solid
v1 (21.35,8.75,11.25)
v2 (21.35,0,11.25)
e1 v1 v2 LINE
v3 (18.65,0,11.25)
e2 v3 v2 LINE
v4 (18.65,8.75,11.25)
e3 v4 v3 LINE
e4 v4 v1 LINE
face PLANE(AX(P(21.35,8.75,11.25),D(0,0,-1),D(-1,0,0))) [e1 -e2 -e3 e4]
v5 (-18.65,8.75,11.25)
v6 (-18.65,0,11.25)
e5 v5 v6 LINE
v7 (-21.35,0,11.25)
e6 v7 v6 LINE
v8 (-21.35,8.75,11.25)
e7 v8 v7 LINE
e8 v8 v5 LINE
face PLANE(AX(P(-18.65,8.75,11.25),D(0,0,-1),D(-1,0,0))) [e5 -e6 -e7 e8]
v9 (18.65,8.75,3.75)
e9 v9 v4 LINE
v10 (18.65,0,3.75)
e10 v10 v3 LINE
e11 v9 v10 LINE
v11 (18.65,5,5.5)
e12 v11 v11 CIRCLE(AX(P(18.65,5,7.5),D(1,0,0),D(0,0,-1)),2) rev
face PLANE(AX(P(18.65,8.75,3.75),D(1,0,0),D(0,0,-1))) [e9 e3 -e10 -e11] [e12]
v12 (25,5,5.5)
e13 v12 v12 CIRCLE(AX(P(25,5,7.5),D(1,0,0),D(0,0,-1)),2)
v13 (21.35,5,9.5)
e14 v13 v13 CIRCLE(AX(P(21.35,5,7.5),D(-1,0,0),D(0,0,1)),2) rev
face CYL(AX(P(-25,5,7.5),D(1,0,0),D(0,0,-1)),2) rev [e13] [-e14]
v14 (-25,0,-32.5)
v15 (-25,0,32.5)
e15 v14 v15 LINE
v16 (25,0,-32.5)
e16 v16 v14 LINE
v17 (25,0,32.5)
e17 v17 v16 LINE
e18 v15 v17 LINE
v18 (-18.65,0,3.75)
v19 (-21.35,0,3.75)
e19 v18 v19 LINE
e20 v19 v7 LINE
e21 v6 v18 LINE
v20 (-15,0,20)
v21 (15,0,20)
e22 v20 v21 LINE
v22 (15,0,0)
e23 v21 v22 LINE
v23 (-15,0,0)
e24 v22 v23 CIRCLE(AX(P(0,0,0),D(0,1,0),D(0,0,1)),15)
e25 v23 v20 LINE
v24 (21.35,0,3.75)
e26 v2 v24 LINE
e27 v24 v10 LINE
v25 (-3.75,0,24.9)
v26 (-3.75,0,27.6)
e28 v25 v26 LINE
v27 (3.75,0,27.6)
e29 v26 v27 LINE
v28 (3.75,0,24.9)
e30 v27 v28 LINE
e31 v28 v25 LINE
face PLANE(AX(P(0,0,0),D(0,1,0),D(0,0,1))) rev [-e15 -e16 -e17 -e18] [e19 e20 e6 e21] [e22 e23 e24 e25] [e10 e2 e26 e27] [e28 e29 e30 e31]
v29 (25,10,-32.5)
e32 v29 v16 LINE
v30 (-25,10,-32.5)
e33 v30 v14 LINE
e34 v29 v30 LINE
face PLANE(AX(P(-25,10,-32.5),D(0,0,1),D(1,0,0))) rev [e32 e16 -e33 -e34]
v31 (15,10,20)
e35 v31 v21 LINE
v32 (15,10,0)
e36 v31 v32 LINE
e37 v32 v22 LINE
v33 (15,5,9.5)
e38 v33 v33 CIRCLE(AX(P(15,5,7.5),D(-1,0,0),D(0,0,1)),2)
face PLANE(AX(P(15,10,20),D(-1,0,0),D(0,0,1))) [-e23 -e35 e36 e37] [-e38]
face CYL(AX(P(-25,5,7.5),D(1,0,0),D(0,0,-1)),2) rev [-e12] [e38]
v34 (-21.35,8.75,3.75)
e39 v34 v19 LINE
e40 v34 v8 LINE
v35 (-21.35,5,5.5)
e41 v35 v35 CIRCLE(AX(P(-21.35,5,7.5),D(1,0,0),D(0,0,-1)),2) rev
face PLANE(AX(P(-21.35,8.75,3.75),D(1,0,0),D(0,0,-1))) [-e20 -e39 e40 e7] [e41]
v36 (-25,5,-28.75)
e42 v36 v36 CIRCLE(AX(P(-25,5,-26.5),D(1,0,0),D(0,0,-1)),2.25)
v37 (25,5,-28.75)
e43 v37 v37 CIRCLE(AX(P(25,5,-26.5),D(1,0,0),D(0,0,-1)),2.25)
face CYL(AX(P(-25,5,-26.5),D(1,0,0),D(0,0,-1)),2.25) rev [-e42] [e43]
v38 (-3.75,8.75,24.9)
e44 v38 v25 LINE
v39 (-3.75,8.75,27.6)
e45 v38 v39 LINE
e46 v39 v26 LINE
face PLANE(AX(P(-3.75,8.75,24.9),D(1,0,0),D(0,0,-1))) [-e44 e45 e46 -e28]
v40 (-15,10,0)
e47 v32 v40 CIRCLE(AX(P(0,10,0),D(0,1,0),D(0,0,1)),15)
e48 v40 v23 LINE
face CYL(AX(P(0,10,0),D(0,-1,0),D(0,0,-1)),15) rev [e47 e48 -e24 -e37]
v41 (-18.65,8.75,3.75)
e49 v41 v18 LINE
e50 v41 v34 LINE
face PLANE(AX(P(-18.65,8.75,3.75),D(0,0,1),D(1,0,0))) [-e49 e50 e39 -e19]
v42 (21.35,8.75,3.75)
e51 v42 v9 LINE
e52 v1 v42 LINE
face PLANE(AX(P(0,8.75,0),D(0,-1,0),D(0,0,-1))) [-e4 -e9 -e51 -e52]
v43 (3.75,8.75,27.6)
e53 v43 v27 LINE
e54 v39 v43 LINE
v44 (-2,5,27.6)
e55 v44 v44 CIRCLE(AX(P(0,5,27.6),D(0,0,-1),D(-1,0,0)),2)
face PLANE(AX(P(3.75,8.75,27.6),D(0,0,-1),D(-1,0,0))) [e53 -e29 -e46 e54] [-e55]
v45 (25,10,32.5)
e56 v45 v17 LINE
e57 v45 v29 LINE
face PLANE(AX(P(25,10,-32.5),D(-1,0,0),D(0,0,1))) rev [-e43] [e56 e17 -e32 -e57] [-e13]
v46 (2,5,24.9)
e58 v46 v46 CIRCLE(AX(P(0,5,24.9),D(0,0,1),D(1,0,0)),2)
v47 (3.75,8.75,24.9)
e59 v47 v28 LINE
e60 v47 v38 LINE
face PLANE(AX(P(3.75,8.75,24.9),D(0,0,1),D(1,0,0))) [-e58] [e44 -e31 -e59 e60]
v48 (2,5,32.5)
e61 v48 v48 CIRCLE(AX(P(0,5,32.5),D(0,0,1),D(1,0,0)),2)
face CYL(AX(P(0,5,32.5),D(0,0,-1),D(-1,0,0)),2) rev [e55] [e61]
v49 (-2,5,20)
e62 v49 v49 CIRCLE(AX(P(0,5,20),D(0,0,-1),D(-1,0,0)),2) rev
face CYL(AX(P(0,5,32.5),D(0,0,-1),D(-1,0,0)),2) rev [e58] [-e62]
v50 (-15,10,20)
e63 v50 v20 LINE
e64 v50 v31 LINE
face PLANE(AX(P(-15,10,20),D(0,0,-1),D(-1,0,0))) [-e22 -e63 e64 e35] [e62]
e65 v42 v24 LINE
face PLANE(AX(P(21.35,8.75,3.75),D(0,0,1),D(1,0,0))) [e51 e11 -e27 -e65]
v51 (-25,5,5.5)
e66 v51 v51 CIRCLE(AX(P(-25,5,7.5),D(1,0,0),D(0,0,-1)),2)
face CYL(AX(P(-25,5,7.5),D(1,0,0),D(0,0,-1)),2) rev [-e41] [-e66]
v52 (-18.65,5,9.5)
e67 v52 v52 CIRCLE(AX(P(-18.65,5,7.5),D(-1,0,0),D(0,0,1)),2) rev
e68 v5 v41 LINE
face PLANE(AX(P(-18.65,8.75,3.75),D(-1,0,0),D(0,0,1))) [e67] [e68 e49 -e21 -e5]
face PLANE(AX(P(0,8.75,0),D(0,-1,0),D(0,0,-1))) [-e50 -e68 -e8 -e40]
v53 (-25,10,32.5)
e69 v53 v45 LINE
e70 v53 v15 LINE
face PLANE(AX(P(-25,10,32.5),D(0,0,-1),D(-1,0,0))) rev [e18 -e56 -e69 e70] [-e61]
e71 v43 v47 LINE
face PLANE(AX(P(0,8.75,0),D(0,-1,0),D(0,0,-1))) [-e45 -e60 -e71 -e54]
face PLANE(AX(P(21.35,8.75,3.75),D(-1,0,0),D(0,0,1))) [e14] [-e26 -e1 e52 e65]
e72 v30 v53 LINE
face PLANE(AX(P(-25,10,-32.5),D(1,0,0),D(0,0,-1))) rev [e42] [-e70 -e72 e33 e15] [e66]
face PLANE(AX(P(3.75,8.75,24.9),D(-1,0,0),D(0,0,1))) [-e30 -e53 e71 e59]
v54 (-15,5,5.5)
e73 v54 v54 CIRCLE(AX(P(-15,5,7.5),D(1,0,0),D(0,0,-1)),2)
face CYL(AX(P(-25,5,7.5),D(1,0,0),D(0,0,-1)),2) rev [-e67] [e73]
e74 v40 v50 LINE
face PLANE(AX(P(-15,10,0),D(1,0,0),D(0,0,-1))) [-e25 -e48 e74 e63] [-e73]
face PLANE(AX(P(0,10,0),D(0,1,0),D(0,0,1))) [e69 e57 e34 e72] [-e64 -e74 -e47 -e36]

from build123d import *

# Parameters (mm, degrees)
SKETCH1_W               = 50
SKETCH1_H               = 65
BOSS_EXTRUDE1_DEPTH     = 10
CUT_EXTRUDE1_DEPTH      = 43.20485754
CUT_EXTRUDE1_DEPTH_BACK = 43.20485754
SKETCH6_R               = 2
SKETCH6_R_2             = 2.25
SKETCH7_R               = 2
CUT_EXTRUDE2_DEPTH      = 43.20485754
SKETCH8_W               = 2.7
SKETCH8_H               = 7.5
SKETCH8_W_2             = 7.5
SKETCH8_H_2             = 2.7
CUT_EXTRUDE3_DEPTH      = 8.75


with BuildPart() as part:
    # Sketch1 → Boss-Extrude1 (new body)
    with BuildSketch(Plane(origin=(0, 0, 0), x_dir=(1, 0, 0), z_dir=(0, 1, 0))):
        Rectangle(SKETCH1_W, SKETCH1_H)
        with BuildLine():
            Line((-15, 0), (-15, -20))
            Line((-15, -20), (15, -20))
            Line((15, -20), (15, 0))
            ThreePointArc((15, 0), (0, 15), (-15, 0))
        make_face(mode=Mode.SUBTRACT)
    extrude(amount=BOSS_EXTRUDE1_DEPTH)

    # Sketch6 → Cut-Extrude1 (cut, two sides: drawn at the far end of the back side and taken through both)
    with BuildSketch(Plane(origin=(0, 0, 0), x_dir=(0, 0, -1), z_dir=(1, 0, 0)).offset(-CUT_EXTRUDE1_DEPTH_BACK)):
        with Locations((-7.5, 5)):
            Circle(SKETCH6_R)
        with Locations((26.5, 5)):
            Circle(SKETCH6_R_2)
    extrude(amount=CUT_EXTRUDE1_DEPTH + CUT_EXTRUDE1_DEPTH_BACK, mode=Mode.SUBTRACT)

    # Sketch7 → Cut-Extrude2 (cut, through all)
    with BuildSketch(Plane.XY):
        with Locations(Location((0, 5, 0), (0, 0, 180))):
            Circle(SKETCH7_R)
    extrude(amount=CUT_EXTRUDE2_DEPTH, mode=Mode.SUBTRACT)

    # Sketch8 → Cut-Extrude3 (cut)
    with BuildSketch(Plane(origin=(0, 0, 0), x_dir=(1, 0, 0), z_dir=(0, 1, 0))):
        with Locations((20, -7.5)):
            Rectangle(SKETCH8_W, SKETCH8_H)
        with Locations((-20, -7.5)):
            Rectangle(SKETCH8_W, SKETCH8_H)
        with Locations((0, -26.25)):
            Rectangle(SKETCH8_W_2, SKETCH8_H_2)
    extrude(amount=CUT_EXTRUDE3_DEPTH, mode=Mode.SUBTRACT)


solid = part.part
